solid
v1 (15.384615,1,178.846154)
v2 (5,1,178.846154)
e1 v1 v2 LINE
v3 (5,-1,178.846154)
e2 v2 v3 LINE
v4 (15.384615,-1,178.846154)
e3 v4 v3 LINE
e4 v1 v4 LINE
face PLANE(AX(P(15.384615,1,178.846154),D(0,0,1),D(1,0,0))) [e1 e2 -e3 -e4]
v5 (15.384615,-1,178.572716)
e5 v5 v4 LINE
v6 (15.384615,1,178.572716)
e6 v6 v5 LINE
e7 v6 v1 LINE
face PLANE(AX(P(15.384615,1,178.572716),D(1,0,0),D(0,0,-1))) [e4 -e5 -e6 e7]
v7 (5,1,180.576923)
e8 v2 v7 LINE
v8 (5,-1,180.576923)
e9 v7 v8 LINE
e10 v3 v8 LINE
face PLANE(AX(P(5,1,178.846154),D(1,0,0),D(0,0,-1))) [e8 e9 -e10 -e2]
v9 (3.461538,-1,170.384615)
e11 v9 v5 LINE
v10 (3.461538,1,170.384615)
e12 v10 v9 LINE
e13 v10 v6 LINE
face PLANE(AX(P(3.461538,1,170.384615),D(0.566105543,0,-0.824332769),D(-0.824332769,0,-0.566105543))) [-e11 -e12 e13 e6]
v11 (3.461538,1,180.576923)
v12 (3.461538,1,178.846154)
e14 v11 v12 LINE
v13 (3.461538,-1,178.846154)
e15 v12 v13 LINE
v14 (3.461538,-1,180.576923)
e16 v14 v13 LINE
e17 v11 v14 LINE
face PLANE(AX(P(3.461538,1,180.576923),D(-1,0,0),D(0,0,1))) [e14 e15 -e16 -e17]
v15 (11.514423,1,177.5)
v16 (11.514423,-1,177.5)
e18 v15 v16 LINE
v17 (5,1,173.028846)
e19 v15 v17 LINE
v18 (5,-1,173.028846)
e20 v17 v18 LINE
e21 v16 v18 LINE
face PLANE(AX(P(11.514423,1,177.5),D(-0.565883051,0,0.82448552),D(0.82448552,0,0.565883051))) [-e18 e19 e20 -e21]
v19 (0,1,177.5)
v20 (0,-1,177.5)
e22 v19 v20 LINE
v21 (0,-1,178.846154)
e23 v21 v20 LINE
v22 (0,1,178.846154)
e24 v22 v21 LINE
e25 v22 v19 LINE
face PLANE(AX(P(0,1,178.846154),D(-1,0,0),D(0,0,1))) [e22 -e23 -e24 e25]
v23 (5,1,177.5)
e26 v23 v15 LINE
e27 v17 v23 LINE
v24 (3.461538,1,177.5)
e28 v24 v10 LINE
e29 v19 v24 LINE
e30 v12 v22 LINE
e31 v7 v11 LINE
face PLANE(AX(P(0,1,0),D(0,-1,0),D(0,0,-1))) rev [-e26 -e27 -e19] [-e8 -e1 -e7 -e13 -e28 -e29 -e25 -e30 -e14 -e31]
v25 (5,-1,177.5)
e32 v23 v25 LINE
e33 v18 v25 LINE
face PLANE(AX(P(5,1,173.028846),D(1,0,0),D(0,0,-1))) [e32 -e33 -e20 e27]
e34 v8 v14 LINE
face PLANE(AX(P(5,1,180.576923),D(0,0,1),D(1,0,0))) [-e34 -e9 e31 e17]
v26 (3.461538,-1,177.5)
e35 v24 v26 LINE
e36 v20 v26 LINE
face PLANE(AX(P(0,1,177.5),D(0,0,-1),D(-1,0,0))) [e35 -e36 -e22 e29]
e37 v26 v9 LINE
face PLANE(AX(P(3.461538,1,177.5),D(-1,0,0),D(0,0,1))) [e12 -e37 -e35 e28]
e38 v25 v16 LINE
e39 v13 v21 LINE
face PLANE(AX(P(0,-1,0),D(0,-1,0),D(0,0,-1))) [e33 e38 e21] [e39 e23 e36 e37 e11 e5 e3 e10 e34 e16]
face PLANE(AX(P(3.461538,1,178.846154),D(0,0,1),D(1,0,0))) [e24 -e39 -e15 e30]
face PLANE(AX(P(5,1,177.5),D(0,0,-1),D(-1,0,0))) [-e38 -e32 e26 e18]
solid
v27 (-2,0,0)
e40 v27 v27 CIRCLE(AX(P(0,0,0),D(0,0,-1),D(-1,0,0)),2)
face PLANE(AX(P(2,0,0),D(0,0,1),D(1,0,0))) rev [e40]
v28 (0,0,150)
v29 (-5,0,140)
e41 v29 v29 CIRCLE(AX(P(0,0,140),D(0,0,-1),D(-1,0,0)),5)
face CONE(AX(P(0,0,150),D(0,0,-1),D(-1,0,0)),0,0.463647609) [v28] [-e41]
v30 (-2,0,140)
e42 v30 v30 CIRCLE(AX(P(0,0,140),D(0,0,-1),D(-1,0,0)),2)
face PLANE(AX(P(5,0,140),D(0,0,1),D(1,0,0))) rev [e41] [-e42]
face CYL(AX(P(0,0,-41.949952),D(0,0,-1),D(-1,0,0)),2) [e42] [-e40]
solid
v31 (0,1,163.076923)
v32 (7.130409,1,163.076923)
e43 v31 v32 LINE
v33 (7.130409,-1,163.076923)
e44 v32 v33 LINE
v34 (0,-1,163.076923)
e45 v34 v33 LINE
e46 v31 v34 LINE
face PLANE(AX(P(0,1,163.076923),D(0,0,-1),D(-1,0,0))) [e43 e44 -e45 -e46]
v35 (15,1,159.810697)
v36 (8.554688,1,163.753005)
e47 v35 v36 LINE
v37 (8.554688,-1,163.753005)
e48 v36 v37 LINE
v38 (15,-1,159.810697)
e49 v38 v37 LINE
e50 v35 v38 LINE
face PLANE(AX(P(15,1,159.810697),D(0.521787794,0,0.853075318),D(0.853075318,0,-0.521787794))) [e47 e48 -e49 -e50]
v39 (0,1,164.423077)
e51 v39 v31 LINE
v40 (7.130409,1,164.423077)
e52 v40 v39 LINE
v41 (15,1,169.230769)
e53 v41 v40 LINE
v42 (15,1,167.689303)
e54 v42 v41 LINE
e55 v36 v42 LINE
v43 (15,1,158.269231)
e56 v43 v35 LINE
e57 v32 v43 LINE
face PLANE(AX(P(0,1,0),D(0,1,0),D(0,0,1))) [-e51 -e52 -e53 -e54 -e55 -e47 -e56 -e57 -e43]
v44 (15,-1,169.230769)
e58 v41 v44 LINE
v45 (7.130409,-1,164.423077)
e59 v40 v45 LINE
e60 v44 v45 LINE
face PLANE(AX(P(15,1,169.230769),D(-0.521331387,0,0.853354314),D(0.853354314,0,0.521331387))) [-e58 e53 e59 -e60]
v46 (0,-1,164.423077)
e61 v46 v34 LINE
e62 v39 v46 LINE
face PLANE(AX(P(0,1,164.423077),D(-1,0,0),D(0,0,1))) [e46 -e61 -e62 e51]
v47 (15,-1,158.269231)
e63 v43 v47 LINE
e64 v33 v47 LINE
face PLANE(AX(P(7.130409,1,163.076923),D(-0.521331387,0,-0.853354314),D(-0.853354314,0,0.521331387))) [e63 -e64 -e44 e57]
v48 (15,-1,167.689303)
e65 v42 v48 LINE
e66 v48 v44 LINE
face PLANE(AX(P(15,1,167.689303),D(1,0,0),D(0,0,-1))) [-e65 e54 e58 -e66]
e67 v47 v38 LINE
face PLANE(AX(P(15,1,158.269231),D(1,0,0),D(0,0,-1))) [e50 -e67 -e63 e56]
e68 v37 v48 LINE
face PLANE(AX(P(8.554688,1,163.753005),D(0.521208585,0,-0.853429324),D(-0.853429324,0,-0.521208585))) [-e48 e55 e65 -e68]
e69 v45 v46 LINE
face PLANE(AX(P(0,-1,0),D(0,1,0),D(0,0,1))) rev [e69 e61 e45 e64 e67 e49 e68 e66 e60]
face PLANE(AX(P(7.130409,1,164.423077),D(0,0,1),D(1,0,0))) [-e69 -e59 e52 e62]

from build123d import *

# Parameters (mm, degrees)
BOSS_EXTRUDE1_DEPTH        = 1
BOSS_EXTRUDE1_DEPTH_BACK   = 1
BOSS_EXTRUDE1_2_DEPTH      = 1
BOSS_EXTRUDE1_2_DEPTH_BACK = 1


with BuildPart() as part:
    # Sketch2 → Revolve1 (revolve)
    with BuildSketch(Plane(origin=(0, 0, 0), x_dir=(1, 0, 0), z_dir=(0, 1, 0))):
        Polygon((0, -150), (5, -140), (2, -140), (2, 0), (0, 0), align=None)
    revolve(axis=Axis((0, 0, -41.949952025), (0, 0, 1)))


with BuildPart() as body_2:
    # Sketch3 → Boss-Extrude1 (new, two sides: drawn at the far end of the back side and taken through both)
    with BuildSketch(Plane(origin=(0, 0, 0), x_dir=(1, 0, 0), z_dir=(0, 1, 0)).offset(-BOSS_EXTRUDE1_DEPTH_BACK)):
        Polygon((15, -158.269230769), (15, -159.810697115), (8.5546875, -163.753004808), (15, -167.689302885), (15, -169.230769231), (7.130408654, -164.423076923), (0, -164.423076923), (0, -163.076923077), (7.130408654, -163.076923077), align=None)
    extrude(amount=BOSS_EXTRUDE1_DEPTH + BOSS_EXTRUDE1_DEPTH_BACK)


with BuildPart() as body_3:
    # Sketch3 → Boss-Extrude1 2 (new, two sides: drawn at the far end of the back side and taken through both)
    with BuildSketch(Plane(origin=(0, 0, 0), x_dir=(1, 0, 0), z_dir=(0, 1, 0)).offset(-BOSS_EXTRUDE1_2_DEPTH_BACK)):
        Polygon((15.384615385, -178.572716346), (15.384615385, -178.846153846), (5, -178.846153846), (5, -180.576923077), (3.461538462, -180.576923077), (3.461538462, -178.846153846), (0, -178.846153846), (0, -177.5), (3.461538462, -177.5), (3.461538462, -170.384615385), align=None)
        Polygon((5, -177.5), (11.514423077, -177.5), (5, -173.028846154), align=None, mode=Mode.SUBTRACT)
    extrude(amount=BOSS_EXTRUDE1_2_DEPTH + BOSS_EXTRUDE1_2_DEPTH_BACK)


solid = Compound([part.part, body_2.part, body_3.part])
